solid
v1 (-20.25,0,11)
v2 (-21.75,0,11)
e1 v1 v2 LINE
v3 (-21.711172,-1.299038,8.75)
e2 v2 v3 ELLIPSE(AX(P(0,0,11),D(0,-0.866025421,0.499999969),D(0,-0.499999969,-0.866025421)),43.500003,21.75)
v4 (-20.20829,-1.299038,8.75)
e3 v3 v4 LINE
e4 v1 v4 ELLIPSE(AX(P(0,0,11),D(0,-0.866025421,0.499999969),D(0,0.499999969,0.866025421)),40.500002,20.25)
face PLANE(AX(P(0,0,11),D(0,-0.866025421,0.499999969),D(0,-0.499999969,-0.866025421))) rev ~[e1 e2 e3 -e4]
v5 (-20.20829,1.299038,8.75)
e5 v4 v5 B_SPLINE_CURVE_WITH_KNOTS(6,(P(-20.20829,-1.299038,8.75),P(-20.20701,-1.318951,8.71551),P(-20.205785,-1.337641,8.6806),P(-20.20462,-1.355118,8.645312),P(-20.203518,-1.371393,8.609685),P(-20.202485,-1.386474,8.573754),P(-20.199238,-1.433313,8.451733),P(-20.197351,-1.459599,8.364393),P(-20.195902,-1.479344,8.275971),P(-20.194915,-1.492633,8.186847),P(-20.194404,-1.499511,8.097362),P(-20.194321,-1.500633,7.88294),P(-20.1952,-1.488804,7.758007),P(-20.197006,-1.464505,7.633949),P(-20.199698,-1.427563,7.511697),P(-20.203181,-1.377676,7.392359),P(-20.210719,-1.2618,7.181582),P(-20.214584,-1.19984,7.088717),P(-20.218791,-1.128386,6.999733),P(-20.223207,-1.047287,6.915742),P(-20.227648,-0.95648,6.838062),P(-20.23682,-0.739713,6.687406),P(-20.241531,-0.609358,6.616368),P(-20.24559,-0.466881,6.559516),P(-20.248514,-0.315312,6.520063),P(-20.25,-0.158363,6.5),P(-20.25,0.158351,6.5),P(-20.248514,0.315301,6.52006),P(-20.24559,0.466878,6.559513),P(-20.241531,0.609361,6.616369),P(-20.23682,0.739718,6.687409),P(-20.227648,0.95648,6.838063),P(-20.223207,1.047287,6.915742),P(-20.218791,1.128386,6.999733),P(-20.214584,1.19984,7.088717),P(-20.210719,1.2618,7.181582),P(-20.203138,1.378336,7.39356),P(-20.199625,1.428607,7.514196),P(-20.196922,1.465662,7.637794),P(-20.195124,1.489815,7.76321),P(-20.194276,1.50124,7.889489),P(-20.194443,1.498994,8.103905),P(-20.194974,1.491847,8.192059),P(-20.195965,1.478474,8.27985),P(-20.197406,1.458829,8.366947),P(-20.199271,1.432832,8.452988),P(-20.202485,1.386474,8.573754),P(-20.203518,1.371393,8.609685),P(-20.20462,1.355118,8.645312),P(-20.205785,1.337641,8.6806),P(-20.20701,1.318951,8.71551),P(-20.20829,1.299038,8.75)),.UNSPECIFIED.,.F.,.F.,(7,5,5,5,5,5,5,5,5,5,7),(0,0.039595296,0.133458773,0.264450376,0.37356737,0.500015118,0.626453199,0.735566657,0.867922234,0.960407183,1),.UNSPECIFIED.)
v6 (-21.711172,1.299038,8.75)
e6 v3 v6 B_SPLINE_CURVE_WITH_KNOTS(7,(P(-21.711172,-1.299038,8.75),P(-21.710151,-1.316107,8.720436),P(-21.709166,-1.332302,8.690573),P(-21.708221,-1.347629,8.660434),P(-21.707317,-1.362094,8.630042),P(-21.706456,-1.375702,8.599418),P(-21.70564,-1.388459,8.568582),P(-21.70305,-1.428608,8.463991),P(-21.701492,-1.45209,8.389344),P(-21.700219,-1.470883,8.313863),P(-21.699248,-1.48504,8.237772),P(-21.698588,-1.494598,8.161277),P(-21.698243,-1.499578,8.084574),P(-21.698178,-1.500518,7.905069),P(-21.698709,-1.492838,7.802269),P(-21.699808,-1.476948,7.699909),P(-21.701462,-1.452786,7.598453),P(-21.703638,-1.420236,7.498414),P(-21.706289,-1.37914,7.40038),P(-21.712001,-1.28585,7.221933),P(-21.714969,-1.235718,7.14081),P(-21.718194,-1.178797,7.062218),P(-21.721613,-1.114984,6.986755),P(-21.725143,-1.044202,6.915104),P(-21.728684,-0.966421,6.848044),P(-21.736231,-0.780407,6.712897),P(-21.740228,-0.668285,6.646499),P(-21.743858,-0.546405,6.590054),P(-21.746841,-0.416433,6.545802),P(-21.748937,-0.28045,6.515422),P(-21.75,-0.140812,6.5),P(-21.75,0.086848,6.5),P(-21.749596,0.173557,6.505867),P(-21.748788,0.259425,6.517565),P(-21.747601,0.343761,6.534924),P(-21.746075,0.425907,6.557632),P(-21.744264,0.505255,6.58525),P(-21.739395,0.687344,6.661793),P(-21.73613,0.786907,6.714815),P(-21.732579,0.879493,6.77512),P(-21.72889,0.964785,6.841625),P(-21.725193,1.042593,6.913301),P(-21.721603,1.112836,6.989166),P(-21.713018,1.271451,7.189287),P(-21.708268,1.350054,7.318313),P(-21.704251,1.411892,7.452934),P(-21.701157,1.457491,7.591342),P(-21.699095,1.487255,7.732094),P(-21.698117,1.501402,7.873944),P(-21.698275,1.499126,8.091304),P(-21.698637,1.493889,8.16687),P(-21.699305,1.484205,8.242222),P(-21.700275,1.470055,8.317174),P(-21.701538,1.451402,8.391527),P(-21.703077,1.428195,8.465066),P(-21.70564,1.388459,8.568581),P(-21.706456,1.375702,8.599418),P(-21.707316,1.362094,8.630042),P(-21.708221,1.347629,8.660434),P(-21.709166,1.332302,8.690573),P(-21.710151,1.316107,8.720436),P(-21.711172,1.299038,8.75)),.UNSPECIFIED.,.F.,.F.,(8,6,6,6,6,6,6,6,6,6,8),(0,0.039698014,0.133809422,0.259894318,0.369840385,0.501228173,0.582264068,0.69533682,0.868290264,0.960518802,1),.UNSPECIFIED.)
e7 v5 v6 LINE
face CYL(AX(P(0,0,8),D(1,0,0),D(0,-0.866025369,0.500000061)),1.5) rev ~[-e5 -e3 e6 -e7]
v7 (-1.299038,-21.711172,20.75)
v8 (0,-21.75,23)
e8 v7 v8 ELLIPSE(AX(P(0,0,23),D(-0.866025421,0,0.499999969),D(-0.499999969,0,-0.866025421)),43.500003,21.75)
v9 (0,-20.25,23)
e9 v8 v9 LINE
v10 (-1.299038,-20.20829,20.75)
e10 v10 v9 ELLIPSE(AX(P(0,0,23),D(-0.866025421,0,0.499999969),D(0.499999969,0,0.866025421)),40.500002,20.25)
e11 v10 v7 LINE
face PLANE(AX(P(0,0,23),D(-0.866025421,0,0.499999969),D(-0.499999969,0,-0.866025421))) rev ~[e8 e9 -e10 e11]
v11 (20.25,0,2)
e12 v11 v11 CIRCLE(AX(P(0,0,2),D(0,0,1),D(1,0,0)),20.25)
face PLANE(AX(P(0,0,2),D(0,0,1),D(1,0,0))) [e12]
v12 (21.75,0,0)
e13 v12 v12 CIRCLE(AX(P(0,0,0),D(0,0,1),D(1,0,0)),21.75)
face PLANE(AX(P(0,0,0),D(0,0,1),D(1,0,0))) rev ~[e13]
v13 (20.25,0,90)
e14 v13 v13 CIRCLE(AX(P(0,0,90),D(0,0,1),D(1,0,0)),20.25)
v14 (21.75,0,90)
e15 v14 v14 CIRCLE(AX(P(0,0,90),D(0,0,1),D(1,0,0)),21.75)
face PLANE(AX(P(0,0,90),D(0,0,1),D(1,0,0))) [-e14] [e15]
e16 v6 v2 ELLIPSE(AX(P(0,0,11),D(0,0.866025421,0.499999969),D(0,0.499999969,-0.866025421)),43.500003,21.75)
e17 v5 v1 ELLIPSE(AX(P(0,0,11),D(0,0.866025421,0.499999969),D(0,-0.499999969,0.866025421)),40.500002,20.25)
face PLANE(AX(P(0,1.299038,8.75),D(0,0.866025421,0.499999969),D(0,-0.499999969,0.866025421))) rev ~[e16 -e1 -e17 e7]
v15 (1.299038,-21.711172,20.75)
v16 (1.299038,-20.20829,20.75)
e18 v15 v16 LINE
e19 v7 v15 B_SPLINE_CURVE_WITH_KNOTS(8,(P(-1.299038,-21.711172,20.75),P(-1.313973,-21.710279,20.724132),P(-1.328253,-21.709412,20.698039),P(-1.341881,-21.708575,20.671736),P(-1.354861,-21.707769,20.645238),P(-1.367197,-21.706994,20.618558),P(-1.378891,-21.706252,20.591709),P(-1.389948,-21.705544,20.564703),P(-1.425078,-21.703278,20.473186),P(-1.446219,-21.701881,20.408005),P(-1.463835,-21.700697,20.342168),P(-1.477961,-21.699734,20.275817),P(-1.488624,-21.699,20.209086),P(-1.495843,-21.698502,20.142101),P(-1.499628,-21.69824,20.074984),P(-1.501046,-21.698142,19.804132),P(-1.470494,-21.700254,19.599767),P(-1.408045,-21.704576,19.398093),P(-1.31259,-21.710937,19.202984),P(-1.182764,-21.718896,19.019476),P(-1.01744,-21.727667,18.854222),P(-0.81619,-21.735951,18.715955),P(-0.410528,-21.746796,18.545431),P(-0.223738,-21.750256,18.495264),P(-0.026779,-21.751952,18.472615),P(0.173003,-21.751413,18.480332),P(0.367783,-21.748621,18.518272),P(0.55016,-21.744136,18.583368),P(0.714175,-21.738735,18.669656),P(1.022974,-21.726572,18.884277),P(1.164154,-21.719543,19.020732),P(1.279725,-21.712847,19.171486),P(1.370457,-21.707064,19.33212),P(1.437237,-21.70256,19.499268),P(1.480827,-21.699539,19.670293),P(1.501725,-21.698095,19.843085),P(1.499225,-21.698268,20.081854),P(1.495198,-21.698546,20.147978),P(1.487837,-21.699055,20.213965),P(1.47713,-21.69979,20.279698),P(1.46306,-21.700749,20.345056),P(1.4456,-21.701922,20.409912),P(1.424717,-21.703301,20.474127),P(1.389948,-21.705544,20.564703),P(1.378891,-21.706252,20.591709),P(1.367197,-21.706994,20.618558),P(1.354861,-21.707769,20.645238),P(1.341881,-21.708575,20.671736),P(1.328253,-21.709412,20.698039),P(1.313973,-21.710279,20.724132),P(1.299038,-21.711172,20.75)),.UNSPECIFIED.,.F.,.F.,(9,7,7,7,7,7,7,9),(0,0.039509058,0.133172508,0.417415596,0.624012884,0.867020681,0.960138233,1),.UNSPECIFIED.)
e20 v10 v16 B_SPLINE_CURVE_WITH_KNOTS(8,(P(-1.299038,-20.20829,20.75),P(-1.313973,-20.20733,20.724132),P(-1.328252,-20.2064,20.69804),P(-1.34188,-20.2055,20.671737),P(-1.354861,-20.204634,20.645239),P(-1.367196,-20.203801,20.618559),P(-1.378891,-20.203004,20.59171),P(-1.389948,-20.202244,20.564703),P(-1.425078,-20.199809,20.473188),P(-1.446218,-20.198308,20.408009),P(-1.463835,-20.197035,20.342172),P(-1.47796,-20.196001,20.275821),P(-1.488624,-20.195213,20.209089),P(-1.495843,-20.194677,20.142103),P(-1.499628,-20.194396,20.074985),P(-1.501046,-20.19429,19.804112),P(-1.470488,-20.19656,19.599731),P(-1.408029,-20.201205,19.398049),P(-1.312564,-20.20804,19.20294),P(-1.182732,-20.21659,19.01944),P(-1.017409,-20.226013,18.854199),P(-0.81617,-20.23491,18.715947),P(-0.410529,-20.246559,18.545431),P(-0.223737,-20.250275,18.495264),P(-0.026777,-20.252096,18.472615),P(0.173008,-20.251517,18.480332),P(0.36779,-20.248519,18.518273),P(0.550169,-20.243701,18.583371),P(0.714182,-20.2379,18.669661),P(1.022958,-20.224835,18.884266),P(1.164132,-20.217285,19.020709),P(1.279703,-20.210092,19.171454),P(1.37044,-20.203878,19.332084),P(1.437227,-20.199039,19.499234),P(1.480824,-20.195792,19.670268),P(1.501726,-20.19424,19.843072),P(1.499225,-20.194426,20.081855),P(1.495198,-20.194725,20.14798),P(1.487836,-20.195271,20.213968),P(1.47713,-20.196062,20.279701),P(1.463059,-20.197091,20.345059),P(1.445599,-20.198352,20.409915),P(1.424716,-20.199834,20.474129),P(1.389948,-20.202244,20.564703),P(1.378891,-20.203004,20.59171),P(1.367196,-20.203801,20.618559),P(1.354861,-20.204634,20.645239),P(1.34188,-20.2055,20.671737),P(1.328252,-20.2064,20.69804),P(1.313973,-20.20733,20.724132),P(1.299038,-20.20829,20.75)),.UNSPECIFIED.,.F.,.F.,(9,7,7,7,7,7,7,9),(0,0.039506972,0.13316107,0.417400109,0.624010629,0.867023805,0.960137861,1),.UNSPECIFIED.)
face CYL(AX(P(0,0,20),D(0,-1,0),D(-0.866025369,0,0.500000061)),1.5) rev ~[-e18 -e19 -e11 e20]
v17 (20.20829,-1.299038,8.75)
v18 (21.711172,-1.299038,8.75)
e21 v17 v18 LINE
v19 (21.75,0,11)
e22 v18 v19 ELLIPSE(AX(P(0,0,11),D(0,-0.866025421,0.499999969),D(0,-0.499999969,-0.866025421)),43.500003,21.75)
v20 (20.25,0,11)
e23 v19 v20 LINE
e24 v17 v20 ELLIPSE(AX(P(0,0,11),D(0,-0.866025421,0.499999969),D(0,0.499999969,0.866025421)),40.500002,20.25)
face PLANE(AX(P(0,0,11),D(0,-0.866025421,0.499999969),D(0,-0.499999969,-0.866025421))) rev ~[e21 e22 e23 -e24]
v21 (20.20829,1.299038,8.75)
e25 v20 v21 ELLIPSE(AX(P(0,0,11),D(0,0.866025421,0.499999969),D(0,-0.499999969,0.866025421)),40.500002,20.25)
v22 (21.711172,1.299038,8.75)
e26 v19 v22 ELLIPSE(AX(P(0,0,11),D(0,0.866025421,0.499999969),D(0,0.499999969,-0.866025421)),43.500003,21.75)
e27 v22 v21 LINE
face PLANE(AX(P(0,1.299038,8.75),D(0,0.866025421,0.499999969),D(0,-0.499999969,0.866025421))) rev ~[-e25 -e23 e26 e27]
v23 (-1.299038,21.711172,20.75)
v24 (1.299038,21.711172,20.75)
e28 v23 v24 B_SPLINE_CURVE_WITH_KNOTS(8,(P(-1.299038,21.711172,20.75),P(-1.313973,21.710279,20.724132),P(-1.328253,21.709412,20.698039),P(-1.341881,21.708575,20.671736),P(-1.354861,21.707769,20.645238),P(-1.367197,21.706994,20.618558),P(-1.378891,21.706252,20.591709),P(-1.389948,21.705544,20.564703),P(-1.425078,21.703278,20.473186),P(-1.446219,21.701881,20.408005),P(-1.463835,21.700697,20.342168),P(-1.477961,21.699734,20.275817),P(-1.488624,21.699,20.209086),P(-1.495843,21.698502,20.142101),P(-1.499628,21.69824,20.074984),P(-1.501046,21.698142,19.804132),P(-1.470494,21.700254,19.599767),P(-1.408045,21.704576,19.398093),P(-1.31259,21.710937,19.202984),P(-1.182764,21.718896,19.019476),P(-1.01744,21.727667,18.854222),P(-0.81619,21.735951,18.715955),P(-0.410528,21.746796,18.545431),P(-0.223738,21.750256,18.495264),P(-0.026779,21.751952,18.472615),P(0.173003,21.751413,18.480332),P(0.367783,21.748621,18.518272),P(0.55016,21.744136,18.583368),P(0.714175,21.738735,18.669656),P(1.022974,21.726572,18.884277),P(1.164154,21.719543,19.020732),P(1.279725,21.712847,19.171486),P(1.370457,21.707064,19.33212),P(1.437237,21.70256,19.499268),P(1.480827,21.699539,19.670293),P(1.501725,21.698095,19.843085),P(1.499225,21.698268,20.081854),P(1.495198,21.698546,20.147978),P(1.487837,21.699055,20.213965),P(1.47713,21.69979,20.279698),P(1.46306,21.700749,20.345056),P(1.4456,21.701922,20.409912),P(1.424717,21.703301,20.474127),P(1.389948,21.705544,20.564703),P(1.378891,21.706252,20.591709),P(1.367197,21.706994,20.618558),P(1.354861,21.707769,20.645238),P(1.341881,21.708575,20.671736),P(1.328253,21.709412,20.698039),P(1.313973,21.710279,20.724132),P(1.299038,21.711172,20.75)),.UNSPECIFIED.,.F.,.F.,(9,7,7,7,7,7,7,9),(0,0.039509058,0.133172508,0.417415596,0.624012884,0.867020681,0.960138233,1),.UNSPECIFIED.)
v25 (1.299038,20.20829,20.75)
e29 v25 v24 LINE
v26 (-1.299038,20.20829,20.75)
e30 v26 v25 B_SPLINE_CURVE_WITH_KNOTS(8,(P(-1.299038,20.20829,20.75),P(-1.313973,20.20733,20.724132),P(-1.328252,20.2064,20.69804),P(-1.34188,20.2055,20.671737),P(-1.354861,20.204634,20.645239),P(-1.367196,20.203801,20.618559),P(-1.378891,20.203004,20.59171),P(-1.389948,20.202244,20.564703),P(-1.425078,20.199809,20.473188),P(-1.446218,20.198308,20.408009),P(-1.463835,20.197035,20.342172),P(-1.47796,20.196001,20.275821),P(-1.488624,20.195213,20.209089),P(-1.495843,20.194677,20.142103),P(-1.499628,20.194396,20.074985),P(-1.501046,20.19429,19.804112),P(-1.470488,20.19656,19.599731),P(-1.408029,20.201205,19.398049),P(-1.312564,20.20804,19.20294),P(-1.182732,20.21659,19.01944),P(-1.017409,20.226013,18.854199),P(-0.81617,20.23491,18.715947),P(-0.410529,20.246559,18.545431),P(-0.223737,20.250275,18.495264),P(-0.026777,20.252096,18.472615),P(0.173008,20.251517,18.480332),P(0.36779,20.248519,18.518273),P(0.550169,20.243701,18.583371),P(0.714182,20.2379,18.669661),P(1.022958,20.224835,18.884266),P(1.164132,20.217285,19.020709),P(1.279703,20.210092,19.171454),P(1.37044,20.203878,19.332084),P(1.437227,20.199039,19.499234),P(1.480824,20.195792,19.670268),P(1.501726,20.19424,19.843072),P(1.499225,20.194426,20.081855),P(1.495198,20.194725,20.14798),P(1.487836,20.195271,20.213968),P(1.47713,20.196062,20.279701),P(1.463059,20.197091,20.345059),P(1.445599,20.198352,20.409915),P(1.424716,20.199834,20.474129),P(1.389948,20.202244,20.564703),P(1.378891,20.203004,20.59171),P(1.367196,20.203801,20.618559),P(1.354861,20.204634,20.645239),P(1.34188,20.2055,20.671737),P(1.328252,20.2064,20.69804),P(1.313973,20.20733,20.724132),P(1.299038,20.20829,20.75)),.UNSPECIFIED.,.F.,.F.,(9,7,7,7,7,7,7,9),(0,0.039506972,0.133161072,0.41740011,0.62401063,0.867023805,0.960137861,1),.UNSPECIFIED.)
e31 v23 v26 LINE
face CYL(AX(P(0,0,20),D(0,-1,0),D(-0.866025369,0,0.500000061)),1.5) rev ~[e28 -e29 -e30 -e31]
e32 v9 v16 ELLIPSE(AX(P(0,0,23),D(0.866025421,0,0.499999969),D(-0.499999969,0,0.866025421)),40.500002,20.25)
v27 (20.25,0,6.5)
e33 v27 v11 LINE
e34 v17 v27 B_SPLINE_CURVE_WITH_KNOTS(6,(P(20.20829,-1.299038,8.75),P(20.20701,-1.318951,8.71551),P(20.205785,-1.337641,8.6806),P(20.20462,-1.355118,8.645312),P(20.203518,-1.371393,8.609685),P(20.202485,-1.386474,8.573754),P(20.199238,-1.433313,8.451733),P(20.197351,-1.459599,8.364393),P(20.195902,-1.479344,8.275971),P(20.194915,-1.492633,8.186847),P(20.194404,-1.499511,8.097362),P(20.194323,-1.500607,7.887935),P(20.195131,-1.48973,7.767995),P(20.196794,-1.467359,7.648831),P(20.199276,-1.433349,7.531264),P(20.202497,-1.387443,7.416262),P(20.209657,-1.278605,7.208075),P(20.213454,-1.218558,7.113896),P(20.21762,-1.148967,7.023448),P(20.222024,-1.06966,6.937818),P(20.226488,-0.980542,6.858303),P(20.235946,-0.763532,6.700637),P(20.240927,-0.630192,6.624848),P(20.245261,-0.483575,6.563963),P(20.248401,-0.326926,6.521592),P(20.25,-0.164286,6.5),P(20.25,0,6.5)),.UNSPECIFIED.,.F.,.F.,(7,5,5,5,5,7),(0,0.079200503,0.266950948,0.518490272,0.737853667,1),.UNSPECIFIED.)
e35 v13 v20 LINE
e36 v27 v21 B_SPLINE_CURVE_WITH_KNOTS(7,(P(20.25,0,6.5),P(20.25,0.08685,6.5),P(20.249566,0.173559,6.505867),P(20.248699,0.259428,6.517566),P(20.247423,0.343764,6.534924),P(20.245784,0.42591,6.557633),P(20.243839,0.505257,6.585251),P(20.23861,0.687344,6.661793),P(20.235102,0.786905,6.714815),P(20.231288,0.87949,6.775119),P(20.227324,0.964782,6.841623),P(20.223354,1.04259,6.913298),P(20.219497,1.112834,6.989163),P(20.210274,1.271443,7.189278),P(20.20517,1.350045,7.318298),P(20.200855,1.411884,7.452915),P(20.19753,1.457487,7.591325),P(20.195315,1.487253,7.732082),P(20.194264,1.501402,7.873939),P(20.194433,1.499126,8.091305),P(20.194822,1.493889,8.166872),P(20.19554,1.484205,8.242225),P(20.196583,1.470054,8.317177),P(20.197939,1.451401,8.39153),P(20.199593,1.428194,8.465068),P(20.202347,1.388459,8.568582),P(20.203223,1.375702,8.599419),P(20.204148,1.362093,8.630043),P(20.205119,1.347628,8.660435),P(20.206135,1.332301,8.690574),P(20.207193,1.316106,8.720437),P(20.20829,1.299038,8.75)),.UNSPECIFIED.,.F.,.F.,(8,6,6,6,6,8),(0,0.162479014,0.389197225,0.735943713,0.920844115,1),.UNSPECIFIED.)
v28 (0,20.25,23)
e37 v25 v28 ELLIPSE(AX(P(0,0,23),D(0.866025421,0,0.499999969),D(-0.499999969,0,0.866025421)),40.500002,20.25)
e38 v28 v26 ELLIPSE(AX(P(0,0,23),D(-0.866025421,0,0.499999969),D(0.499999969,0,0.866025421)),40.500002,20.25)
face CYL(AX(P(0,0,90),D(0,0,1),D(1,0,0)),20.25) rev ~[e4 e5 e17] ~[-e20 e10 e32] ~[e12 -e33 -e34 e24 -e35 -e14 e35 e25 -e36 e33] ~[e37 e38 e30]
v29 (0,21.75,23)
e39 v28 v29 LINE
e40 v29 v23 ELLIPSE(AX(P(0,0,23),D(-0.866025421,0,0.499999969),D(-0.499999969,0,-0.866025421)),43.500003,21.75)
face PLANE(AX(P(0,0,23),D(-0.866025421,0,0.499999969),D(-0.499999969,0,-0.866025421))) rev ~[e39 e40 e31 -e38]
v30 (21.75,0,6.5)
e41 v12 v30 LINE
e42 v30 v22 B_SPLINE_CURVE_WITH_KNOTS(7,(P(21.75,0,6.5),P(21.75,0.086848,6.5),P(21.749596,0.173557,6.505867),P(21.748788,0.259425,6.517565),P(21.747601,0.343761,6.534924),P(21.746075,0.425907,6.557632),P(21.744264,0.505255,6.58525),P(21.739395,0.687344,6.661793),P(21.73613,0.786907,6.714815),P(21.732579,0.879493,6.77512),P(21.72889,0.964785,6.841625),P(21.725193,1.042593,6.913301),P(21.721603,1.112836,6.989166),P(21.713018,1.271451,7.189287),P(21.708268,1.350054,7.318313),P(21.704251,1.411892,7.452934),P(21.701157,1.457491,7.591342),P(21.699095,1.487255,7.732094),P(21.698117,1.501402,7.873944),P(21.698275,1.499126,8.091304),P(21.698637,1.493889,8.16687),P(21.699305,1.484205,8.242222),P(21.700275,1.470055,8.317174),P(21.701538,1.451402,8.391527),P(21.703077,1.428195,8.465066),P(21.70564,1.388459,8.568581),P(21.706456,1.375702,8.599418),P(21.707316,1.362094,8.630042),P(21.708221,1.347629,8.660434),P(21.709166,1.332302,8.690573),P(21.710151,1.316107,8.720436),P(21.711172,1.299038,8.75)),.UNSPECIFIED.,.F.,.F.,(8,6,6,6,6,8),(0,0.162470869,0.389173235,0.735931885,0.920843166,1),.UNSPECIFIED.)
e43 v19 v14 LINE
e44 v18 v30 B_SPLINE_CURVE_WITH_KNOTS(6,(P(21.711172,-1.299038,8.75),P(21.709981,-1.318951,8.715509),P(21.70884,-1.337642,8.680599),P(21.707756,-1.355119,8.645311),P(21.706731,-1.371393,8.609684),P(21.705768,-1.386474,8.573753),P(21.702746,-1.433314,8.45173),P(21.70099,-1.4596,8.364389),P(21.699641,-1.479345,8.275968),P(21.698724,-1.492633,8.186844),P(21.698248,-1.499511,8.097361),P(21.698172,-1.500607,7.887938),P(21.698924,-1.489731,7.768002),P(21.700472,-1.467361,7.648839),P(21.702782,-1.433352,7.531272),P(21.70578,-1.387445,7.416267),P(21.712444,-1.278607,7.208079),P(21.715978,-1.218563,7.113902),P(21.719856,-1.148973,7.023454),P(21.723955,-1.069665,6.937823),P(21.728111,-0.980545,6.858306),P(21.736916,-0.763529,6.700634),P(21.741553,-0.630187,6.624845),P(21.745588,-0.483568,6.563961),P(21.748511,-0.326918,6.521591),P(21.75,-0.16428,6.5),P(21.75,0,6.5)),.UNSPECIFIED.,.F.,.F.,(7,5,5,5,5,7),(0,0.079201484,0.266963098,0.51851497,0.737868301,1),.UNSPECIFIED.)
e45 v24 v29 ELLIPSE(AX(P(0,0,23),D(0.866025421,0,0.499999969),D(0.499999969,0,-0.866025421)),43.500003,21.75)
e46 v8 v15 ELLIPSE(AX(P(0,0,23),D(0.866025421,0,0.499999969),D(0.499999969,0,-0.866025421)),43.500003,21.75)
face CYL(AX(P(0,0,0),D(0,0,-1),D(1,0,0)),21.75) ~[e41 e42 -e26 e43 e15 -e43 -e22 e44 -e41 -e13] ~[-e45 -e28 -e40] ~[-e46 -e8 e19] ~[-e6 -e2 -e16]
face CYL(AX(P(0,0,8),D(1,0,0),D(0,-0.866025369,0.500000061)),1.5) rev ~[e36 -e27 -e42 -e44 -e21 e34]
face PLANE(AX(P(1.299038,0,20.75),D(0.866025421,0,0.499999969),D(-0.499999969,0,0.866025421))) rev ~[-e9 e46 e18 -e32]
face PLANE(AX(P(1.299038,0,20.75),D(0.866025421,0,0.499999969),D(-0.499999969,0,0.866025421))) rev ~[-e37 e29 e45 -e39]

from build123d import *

# Parameters (mm, degrees)
F0_R     = 21.75
F1_DEPTH = 90
F2_R     = 20.25
F3_DEPTH = 88
F5_DEPTH = 25
F7_DEPTH = 25


with BuildPart() as f1:
    # F0 (on Top) → F1 (new body)
    with BuildSketch(Plane.XY):
        Circle(F0_R)
    extrude(amount=F1_DEPTH)

    # F2 (on face) → F3 (cut)
    with BuildSketch(Plane.XY.offset(90)):
        Circle(F2_R)
    extrude(amount=-F3_DEPTH, mode=Mode.SUBTRACT)

    # F4 (on Right) → F5 (cut, symmetric)
    with BuildSketch(Plane.YZ):
        with BuildLine():
            Line((0, 11), (-1.299038, 8.75))
            ThreePointArc((-1.299038, 8.75), (0, 6.5), (1.299038, 8.75))
            Line((1.299038, 8.75), (0, 11))
        make_face()
    extrude(amount=F5_DEPTH, both=True, mode=Mode.SUBTRACT)

    # F6 (on Front) → F7 (cut, symmetric)
    with BuildSketch(Plane.XZ):
        with BuildLine():
            Line((0, 23), (-1.299038, 20.75))
            ThreePointArc((-1.299038, 20.75), (0, 18.5), (1.299038, 20.75))
            Line((1.299038, 20.75), (0, 23))
        make_face()
    extrude(amount=F7_DEPTH, both=True, mode=Mode.SUBTRACT)


solid = f1.part
